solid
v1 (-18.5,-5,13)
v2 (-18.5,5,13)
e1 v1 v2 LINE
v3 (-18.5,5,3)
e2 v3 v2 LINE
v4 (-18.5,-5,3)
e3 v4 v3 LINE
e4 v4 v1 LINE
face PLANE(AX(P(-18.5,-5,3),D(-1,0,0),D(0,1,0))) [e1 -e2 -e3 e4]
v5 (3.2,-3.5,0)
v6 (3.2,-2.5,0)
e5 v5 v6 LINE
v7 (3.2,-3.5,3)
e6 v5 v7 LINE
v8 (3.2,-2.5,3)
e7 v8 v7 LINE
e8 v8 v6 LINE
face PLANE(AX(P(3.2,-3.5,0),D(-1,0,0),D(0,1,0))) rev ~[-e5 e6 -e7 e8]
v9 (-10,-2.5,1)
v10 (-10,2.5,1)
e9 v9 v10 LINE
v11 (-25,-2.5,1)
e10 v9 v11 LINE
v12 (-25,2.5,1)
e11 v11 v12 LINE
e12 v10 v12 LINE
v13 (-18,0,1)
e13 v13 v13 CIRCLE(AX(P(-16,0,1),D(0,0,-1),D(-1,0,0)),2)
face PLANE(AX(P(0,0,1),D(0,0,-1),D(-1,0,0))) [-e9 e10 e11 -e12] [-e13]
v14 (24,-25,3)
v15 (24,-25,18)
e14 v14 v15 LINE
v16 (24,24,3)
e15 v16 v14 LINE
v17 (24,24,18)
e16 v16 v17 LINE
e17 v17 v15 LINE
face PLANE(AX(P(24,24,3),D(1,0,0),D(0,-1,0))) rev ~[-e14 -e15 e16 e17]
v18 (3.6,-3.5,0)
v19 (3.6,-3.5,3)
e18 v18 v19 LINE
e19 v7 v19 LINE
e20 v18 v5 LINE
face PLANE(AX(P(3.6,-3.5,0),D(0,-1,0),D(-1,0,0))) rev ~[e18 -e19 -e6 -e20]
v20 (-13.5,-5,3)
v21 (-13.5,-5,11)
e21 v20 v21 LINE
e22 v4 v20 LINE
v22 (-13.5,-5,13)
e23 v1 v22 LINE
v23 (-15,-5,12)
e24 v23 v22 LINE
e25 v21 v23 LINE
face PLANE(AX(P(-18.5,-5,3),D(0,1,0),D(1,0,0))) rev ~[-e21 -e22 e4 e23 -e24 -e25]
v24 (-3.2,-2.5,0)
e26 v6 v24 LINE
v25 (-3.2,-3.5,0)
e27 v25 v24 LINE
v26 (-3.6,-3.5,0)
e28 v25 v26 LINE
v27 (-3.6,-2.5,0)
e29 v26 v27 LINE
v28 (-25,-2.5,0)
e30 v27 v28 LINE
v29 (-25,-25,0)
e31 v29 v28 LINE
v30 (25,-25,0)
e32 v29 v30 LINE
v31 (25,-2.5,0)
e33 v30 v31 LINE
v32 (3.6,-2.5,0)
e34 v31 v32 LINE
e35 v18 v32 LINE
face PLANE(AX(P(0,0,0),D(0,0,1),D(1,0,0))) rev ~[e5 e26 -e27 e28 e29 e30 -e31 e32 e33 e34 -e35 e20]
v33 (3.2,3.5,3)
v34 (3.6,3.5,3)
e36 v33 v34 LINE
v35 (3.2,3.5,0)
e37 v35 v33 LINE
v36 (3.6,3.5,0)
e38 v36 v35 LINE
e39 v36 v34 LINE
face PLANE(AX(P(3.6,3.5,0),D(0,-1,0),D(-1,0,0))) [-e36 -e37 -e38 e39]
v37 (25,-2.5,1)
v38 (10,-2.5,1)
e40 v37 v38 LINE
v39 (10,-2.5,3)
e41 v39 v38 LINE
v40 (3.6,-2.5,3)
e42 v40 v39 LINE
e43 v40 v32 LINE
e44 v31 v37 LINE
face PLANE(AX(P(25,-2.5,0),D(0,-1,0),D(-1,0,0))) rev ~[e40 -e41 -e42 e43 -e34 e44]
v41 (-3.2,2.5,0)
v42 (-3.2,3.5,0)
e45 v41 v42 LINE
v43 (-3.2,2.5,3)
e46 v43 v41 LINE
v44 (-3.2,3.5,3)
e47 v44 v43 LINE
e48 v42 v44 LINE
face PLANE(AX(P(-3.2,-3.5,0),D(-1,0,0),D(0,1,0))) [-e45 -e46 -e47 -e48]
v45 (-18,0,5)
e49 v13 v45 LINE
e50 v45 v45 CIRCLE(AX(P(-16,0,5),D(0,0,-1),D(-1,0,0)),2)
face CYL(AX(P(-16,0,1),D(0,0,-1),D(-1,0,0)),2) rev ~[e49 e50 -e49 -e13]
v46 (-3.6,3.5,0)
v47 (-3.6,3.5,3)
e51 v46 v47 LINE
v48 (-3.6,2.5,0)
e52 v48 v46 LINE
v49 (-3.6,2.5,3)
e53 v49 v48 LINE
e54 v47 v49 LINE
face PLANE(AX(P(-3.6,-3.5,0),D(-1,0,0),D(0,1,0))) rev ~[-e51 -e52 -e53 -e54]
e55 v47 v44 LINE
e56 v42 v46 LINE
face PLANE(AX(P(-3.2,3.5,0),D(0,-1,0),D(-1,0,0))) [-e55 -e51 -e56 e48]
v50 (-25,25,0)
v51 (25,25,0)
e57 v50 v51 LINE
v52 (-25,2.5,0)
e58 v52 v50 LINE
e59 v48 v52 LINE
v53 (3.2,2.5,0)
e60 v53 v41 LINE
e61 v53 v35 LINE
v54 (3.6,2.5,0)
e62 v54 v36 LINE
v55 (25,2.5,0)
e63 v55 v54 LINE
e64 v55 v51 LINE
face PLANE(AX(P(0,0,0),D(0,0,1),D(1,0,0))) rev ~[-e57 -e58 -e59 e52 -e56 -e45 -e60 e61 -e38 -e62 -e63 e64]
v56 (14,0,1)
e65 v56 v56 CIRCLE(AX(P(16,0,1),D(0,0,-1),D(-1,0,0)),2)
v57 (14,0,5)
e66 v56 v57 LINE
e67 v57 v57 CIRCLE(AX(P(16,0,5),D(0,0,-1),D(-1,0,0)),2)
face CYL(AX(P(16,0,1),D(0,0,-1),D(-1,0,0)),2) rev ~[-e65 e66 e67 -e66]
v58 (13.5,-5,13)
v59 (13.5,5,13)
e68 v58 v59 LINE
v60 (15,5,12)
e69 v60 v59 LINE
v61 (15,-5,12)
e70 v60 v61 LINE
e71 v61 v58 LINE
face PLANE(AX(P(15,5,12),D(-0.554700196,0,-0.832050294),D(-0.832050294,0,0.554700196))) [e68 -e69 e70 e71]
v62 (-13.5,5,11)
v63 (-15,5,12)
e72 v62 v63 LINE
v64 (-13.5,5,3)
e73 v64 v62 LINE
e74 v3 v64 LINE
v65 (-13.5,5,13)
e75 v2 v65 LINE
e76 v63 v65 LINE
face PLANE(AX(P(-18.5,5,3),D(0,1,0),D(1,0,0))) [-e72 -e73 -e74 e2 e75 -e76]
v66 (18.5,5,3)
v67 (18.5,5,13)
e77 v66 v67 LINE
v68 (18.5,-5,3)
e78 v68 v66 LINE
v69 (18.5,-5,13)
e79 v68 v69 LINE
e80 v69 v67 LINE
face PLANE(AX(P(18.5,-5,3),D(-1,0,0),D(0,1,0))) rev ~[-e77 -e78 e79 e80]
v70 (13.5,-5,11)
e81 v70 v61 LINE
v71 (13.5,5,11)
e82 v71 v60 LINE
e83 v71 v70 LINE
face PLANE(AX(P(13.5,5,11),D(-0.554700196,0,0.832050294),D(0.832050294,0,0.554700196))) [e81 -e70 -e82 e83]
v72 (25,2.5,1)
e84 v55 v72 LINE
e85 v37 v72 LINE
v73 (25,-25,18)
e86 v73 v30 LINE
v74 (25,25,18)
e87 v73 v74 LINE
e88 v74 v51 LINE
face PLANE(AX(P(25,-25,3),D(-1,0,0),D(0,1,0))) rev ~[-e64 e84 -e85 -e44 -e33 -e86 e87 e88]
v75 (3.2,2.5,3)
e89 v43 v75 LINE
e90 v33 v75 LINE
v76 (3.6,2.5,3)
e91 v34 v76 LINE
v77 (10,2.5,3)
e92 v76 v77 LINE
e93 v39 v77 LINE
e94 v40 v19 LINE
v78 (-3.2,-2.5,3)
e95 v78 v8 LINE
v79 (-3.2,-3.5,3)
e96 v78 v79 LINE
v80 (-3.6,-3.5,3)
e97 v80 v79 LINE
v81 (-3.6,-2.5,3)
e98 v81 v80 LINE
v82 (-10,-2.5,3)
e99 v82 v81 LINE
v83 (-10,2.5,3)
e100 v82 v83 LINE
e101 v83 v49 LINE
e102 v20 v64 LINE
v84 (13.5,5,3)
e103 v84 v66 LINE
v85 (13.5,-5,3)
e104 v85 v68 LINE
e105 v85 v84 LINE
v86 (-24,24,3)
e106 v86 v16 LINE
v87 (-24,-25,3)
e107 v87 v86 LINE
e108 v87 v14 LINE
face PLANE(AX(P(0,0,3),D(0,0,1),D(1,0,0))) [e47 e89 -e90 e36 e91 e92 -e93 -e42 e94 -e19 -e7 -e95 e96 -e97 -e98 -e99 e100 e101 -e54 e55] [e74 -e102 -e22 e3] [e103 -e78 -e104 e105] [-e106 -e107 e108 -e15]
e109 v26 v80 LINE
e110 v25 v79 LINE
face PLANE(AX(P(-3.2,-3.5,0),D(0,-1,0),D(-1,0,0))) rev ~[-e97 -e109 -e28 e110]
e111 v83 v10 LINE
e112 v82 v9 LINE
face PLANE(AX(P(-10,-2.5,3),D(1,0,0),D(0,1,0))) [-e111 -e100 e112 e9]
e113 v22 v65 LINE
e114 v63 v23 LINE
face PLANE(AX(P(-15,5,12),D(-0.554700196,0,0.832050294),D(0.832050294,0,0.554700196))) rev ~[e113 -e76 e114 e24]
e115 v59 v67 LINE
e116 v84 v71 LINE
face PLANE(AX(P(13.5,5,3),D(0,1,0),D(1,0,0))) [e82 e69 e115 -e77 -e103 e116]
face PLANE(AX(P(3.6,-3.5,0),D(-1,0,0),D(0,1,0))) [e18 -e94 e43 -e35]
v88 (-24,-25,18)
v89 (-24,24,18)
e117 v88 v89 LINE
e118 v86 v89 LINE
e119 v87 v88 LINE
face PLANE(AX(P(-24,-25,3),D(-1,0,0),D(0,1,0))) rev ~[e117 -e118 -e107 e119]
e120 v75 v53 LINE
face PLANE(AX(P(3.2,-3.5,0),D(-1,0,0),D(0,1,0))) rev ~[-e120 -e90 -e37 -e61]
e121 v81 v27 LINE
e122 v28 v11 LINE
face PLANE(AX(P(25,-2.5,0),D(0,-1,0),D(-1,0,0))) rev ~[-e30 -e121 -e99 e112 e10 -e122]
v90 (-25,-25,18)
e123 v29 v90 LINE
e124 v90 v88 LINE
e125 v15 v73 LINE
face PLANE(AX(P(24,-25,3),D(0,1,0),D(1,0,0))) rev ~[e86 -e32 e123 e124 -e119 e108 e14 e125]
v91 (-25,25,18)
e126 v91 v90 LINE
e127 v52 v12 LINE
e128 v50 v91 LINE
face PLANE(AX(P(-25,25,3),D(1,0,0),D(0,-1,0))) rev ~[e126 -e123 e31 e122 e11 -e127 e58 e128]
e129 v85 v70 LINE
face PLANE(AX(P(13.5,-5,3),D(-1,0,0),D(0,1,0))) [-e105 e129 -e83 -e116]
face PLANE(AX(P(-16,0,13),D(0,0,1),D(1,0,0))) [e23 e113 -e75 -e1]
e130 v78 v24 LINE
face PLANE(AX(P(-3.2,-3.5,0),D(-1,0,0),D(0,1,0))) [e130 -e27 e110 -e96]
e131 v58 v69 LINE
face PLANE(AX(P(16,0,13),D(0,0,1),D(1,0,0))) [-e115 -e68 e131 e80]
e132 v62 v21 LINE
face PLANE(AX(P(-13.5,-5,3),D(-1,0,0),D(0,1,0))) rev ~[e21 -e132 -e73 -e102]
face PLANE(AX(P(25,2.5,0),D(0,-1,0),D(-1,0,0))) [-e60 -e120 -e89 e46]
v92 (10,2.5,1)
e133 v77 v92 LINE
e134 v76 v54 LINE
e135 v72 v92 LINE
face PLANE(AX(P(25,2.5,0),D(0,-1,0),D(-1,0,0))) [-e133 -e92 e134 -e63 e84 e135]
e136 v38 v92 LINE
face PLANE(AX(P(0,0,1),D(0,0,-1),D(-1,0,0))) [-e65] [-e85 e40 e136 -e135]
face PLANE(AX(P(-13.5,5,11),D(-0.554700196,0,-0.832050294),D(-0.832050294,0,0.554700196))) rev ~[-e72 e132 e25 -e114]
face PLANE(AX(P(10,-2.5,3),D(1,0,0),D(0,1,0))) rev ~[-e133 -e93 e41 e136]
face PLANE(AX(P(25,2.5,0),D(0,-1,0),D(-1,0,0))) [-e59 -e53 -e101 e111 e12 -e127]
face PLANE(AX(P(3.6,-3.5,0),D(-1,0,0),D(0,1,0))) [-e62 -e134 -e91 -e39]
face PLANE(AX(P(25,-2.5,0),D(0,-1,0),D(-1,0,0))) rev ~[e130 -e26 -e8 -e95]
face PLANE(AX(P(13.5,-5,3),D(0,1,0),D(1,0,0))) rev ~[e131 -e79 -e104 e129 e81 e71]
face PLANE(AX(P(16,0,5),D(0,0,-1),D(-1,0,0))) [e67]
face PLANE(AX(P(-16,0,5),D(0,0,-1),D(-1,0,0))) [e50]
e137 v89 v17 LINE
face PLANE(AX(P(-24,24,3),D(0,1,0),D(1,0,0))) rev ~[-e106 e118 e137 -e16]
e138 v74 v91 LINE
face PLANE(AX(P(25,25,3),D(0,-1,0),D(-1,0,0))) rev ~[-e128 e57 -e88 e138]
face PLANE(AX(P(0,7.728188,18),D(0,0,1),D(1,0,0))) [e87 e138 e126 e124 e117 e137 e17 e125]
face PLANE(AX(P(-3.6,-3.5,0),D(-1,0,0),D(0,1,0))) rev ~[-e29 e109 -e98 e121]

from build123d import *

# Parameters (mm, degrees)
SKICA1_W                 = 50
SKICA1_H                 = 50
P_IDAT_VYSUNUT_M2_DEPTH  = 3
SKICA4_W                 = 20
SKICA4_H                 = 5
ODEBRAT_VYSUNUT_M1_DEPTH = 2
SKICA5_W                 = 50
SKICA5_H                 = 5
ODEBRAT_VYSUNUT_M3_DEPTH = 1
SKICA10_W                = 5
SKICA10_H                = 10
P_IDAT_VYSUNUT_M6_DEPTH  = 10
ODEBRAT_VYSUNUT_M6_DEPTH = 10
P_IDAT_VYSUNUT_M9_DEPTH  = 15
SKICA16_W                = 0.4
SKICA16_H                = 7
ODEBRAT_VYSUNUT_M7_DEPTH = 10
SKICA17_R                = 2
ODEBRAT_VYSUNUT_M8_DEPTH = 4


with BuildPart() as part:
    # Skica1 → Přidat vysunutím2 (new body)
    with BuildSketch(Plane.XY):
        Rectangle(SKICA1_W, SKICA1_H)
    extrude(amount=P_IDAT_VYSUNUT_M2_DEPTH)

    # Skica4 → Odebrat vysunutím1 (cut)
    with BuildSketch(Plane.XY.offset(3)):
        Rectangle(SKICA4_W, SKICA4_H)
    extrude(amount=-ODEBRAT_VYSUNUT_M1_DEPTH, mode=Mode.SUBTRACT)

    # Skica5 → Odebrat vysunutím3 (cut)
    with BuildSketch(Plane(origin=(0, 0, 0), x_dir=(-1, 0, 0), z_dir=(0, 0, -1))):
        Rectangle(SKICA5_W, SKICA5_H)
    extrude(amount=-ODEBRAT_VYSUNUT_M3_DEPTH, mode=Mode.SUBTRACT)

    # Skica10 → Přidat vysunutím6 (add)
    with BuildSketch(Plane.XY.offset(3)):
        with Locations((-16, 0)):
            Rectangle(SKICA10_W, SKICA10_H)
        with Locations((16, 0)):
            Rectangle(SKICA10_W, SKICA10_H)
    extrude(amount=P_IDAT_VYSUNUT_M6_DEPTH)

    # Skica12 → Odebrat vysunutím6 (cut)
    with BuildSketch(Plane(origin=(0, 5, 0), x_dir=(1, 0, 0), z_dir=(0, 1, 0))):
        Polygon((-13.5, -13), (-13.5, -11), (-15, -12), align=None)
        Polygon((13.5, -13), (13.5, -11), (15, -12), align=None)
    extrude(amount=-ODEBRAT_VYSUNUT_M6_DEPTH, mode=Mode.SUBTRACT)

    # Skica14 → Přidat vysunutím9 (add)
    with BuildSketch(Plane.XY.offset(3)):
        Polygon((25, 25), (-25, 25), (-25, -25), (-24, -25), (-24, 24), (24, 24), (24, -25), (25, -25), align=None)
    extrude(amount=P_IDAT_VYSUNUT_M9_DEPTH)

    # Skica16 → Odebrat vysunutím7 (cut)
    with BuildSketch(Plane(origin=(0, 0, 0), x_dir=(-1, 0, 0), z_dir=(0, 0, -1))):
        with Locations((-3.4, 0)):
            Rectangle(SKICA16_W, SKICA16_H)
        with Locations((3.4, 0)):
            Rectangle(SKICA16_W, SKICA16_H)
    extrude(amount=-ODEBRAT_VYSUNUT_M7_DEPTH, mode=Mode.SUBTRACT)

    # Skica17 → Odebrat vysunutím8 (cut)
    with BuildSketch(Plane(origin=(0, 0, 1), x_dir=(-1, 0, 0), z_dir=(0, 0, -1))):
        with Locations((-16, 0)):
            Circle(SKICA17_R)
        with Locations((16, 0)):
            Circle(SKICA17_R)
    extrude(amount=-ODEBRAT_VYSUNUT_M8_DEPTH, mode=Mode.SUBTRACT)


solid = part.part
